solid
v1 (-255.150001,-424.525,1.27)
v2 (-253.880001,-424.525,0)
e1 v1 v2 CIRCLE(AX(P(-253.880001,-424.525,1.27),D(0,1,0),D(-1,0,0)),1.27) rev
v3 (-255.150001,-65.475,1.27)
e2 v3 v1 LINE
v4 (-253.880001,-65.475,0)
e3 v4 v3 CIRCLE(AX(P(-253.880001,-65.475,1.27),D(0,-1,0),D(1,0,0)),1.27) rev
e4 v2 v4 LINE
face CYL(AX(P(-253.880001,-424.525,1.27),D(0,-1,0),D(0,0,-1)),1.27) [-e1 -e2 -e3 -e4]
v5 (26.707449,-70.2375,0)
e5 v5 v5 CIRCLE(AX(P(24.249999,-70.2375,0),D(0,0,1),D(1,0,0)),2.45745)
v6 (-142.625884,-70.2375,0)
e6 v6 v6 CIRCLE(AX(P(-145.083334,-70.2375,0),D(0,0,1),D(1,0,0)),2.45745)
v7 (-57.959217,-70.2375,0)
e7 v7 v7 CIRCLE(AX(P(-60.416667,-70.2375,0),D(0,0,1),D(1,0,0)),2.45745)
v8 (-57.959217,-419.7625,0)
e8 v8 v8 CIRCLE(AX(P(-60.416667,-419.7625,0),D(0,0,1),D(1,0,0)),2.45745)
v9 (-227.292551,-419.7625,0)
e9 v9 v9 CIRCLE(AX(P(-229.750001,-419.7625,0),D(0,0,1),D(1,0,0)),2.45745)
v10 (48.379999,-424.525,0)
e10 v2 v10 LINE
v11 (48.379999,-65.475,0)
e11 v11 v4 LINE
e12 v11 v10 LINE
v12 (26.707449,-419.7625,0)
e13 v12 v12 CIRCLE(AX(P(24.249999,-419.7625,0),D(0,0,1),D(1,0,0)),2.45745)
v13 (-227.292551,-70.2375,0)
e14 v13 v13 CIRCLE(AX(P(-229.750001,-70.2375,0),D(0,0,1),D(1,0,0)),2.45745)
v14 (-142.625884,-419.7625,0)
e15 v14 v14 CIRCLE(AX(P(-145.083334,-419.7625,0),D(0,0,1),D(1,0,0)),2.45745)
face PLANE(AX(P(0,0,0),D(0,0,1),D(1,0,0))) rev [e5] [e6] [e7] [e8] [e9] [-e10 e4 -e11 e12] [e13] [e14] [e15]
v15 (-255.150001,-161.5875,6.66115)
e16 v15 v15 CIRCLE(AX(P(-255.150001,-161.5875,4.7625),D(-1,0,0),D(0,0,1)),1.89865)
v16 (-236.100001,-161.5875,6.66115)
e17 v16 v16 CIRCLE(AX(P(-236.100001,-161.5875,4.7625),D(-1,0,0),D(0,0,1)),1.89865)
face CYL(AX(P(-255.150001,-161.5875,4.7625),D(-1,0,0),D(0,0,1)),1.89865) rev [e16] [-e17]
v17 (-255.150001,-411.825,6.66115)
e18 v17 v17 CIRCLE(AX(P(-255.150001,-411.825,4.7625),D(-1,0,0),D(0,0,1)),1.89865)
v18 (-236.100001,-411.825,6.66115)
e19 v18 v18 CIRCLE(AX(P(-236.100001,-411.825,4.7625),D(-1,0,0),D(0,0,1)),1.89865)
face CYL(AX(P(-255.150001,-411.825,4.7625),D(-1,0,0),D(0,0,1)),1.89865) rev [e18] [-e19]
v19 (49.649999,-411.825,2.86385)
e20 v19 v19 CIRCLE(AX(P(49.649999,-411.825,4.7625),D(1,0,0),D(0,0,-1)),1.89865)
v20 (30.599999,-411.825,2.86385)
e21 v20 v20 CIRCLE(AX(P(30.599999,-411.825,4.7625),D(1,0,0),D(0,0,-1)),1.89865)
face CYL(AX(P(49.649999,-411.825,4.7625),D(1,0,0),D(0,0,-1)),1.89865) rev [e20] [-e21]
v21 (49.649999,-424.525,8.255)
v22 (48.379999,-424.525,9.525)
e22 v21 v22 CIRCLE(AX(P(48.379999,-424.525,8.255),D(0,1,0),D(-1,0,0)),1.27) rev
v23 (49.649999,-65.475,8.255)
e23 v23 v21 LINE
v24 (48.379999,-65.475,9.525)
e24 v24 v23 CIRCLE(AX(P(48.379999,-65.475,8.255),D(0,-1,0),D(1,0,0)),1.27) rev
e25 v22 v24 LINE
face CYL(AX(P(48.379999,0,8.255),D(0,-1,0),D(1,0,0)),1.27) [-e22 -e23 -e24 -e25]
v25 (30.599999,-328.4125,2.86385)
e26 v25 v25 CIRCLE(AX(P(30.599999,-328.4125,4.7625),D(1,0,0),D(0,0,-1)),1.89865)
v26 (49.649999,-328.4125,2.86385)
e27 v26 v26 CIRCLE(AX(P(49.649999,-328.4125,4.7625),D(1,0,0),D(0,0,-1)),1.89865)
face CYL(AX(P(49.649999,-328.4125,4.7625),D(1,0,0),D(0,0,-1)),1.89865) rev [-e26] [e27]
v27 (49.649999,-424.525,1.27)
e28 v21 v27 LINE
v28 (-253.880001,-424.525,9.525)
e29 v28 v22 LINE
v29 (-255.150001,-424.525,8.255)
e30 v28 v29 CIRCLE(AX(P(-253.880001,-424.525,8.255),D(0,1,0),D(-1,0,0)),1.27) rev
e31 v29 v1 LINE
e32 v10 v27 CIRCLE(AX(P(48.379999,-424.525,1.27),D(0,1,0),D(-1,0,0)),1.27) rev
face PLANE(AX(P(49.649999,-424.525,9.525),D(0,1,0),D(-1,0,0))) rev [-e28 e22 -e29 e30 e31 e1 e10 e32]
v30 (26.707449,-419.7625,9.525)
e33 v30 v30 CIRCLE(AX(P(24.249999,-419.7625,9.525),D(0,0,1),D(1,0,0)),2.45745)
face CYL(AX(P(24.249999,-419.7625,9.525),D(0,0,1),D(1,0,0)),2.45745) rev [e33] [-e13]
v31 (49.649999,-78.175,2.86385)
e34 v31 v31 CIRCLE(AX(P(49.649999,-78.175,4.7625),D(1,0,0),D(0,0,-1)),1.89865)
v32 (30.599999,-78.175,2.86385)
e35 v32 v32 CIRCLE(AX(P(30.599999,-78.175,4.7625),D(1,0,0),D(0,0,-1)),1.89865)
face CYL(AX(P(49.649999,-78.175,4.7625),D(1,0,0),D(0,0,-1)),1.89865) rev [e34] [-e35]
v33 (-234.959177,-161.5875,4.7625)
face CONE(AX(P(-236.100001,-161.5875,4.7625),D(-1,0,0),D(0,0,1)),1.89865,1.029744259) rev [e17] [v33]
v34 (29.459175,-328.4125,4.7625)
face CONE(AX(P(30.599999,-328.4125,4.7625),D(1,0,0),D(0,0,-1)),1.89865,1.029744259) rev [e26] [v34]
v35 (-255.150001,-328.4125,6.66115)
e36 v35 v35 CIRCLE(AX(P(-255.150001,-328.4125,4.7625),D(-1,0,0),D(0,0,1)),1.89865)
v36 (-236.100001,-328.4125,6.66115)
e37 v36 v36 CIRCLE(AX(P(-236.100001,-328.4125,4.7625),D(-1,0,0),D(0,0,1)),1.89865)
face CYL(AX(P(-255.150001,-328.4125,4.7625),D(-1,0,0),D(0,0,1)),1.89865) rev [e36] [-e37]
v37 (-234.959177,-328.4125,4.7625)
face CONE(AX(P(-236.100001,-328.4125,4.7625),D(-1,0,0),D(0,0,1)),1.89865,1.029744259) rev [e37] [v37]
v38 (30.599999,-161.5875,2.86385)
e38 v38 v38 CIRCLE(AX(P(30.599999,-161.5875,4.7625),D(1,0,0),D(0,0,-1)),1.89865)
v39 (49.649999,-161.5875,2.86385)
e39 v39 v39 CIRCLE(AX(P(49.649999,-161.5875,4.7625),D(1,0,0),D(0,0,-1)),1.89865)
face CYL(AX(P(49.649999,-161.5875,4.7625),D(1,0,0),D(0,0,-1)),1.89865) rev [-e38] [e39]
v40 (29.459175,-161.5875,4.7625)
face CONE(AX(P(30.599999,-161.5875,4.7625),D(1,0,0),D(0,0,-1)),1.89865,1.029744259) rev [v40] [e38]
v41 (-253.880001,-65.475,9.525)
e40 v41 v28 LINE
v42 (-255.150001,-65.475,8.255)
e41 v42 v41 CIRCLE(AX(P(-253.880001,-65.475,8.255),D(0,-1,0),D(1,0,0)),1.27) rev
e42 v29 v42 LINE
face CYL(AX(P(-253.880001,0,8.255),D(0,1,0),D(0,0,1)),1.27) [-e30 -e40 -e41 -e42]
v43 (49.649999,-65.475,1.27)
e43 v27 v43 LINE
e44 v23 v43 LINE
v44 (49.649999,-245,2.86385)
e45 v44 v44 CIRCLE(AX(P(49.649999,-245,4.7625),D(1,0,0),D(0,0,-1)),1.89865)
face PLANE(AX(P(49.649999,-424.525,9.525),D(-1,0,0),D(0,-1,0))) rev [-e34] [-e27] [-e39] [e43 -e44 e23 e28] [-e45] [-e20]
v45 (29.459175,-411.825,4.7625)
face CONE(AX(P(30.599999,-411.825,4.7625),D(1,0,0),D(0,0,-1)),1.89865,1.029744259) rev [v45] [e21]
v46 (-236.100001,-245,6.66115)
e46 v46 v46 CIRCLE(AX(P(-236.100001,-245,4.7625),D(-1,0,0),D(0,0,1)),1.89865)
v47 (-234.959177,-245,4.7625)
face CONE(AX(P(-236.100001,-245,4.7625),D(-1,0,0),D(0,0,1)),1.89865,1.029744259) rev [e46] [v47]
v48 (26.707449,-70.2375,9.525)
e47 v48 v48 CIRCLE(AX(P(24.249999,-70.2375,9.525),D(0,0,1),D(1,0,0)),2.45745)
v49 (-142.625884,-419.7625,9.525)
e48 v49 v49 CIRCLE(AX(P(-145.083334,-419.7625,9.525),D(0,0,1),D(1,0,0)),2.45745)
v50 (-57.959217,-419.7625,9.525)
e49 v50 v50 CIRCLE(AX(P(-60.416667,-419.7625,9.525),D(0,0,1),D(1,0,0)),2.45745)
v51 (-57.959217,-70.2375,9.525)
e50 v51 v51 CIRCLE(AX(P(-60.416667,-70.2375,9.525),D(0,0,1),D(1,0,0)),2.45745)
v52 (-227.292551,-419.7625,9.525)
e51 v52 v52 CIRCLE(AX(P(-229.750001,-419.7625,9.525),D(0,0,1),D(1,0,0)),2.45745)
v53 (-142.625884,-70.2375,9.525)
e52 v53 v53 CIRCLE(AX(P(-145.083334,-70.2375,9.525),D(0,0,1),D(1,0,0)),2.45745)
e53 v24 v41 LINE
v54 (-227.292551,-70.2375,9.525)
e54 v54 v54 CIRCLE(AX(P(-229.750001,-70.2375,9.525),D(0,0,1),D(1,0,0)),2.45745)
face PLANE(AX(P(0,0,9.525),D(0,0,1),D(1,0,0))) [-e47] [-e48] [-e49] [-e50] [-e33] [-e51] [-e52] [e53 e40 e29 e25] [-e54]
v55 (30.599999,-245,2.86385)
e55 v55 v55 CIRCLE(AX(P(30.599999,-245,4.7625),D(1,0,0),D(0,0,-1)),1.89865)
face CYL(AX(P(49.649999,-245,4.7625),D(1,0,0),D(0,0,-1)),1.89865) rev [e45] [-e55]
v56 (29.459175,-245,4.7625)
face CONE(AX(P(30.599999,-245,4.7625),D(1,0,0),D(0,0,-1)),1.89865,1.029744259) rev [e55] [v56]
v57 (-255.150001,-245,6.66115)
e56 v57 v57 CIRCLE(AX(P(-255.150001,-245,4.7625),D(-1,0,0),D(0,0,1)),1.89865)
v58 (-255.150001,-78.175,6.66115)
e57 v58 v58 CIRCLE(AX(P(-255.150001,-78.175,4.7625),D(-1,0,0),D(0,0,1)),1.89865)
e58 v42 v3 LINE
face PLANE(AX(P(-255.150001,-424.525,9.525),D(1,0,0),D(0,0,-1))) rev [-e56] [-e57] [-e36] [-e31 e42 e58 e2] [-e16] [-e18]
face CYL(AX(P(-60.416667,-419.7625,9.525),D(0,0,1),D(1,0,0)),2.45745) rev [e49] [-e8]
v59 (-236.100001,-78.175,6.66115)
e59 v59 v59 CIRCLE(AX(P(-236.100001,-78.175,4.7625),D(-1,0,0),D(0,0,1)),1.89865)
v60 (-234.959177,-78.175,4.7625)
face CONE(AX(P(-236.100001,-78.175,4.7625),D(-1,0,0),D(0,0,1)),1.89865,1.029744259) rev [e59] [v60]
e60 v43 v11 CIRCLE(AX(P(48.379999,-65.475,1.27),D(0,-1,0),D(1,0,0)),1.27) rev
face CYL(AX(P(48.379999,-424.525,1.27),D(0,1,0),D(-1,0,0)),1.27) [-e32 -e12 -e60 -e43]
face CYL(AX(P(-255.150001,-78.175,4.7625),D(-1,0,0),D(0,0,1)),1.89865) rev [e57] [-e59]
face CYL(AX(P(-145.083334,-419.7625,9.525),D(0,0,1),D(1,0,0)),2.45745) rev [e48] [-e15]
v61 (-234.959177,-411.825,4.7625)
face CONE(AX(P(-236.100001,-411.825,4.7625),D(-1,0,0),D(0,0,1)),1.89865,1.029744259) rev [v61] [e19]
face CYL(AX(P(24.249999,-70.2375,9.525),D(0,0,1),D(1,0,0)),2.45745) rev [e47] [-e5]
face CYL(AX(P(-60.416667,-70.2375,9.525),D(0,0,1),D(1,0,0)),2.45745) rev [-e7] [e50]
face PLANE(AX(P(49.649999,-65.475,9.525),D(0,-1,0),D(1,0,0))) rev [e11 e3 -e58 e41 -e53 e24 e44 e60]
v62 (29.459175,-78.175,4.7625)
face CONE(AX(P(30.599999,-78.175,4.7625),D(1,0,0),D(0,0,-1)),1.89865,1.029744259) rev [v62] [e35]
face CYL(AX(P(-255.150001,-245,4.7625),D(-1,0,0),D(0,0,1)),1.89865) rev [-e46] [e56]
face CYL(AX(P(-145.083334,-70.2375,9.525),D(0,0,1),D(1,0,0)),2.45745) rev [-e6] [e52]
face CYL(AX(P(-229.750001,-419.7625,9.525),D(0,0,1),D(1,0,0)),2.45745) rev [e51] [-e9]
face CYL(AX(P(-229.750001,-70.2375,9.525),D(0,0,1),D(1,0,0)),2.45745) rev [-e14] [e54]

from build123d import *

# Parameters (mm, degrees)
SKETCH1_W                       = 304.8
SKETCH1_H                       = 359.05
BOSS_EXTRUDE1_DEPTH             = 9.525
F_10_24_TAPPED_HOLE1_AT_2_COUNT = 2
F_10_24_TAPPED_HOLE1_AT_2_PITCH = 83.4125
F_10_24_TAPPED_HOLE1_AT_3_COUNT = 2
F_10_24_TAPPED_HOLE1_AT_3_PITCH = 166.825
F_10_24_TAPPED_HOLE1_AT_4_COUNT = 2
F_10_24_TAPPED_HOLE1_AT_4_PITCH = 250.2375
F_10_24_TAPPED_HOLE1_AT_5_COUNT = 2
F_10_24_TAPPED_HOLE1_AT_5_PITCH = 333.65
F_10_0_1935_DIAMETER_HOLE2_D    = 4.9149
FILLET2_R                       = 1.27


with BuildPart() as part:
    # Sketch1 → Boss-Extrude1 (new body)
    with BuildSketch(Plane.XY):
        with Locations((-102.750000669, -245)):
            Rectangle(SKETCH1_W, SKETCH1_H)
    extrude(amount=BOSS_EXTRUDE1_DEPTH)

    # Sketch3 → #10-24 Tapped Hole1 (revolve, cut)
    with BuildSketch(Plane(origin=(49.649999331, -411.825, 4.7625), x_dir=(0, 0, -1), z_dir=(0, 1, 0))):
        Polygon((0, 0), (0, 20.190824014), (1.89865, 19.05), (1.89865, 0), align=None)
    f_10_24_tapped_hole1 = revolve(axis=Axis((55.999999331, -411.825, 4.7625), (-1, 0, 0)), mode=Mode.SUBTRACT)

    # #10-24 Tapped Hole1 at 2: #10-24 Tapped Hole1 ×2
    with Locations(*[(0, i * F_10_24_TAPPED_HOLE1_AT_2_PITCH, 0) for i in range(1, F_10_24_TAPPED_HOLE1_AT_2_COUNT)]):
        add(f_10_24_tapped_hole1, mode=Mode.SUBTRACT)

    # #10-24 Tapped Hole1 at 3: #10-24 Tapped Hole1 ×2
    with Locations(*[(0, i * F_10_24_TAPPED_HOLE1_AT_3_PITCH, 0) for i in range(1, F_10_24_TAPPED_HOLE1_AT_3_COUNT)]):
        add(f_10_24_tapped_hole1, mode=Mode.SUBTRACT)

    # #10-24 Tapped Hole1 at 4: #10-24 Tapped Hole1 ×2
    with Locations(*[(0, i * F_10_24_TAPPED_HOLE1_AT_4_PITCH, 0) for i in range(1, F_10_24_TAPPED_HOLE1_AT_4_COUNT)]):
        add(f_10_24_tapped_hole1, mode=Mode.SUBTRACT)

    # #10-24 Tapped Hole1 at 5: #10-24 Tapped Hole1 ×2
    with Locations(*[(0, i * F_10_24_TAPPED_HOLE1_AT_5_PITCH, 0) for i in range(1, F_10_24_TAPPED_HOLE1_AT_5_COUNT)]):
        add(f_10_24_tapped_hole1, mode=Mode.SUBTRACT)

    # #10 (0.1935) Diameter Hole2 (through all)
    with Locations(Plane.XY.offset(9.525)):
        with Locations((-229.750000669, -70.2375), (-145.083334002, -70.2375), (-60.416667336, -70.2375), (24.249999331, -70.2375), (-229.750000669, -419.7625), (-145.083334002, -419.7625), (-60.416667336, -419.7625), (24.249999331, -419.7625)):
            Hole(F_10_0_1935_DIAMETER_HOLE2_D / 2)

    # Mirror1: #10-24 Tapped Hole1 across plane
    add(f_10_24_tapped_hole1.mirror(Plane(origin=(-102.750000669, 0, 0), x_dir=(0, 0, 1), z_dir=(1, 0, 0))), mode=Mode.SUBTRACT)

    # Mirror1 copy 1 sketch → Mirror1 copy 1 (revolve, cut)
    with BuildSketch(Plane(origin=(-255.150000669, -328.4125, 4.7625), x_dir=(0, 0, -1), z_dir=(0, 1, 0))):
        Polygon((0, 0), (0, -20.190824014), (1.89865, -19.05), (1.89865, 0), align=None)
    revolve(axis=Axis((-261.500000669, -328.4125, 4.7625), (-1, 0, 0)), mode=Mode.SUBTRACT)

    # Mirror1 copy 2 sketch → Mirror1 copy 2 (revolve, cut)
    with BuildSketch(Plane(origin=(-255.150000669, -245, 4.7625), x_dir=(0, 0, -1), z_dir=(0, 1, 0))):
        Polygon((0, 0), (0, -20.190824014), (1.89865, -19.05), (1.89865, 0), align=None)
    revolve(axis=Axis((-261.500000669, -245, 4.7625), (-1, 0, 0)), mode=Mode.SUBTRACT)

    # Mirror1 copy 3 sketch → Mirror1 copy 3 (revolve, cut)
    with BuildSketch(Plane(origin=(-255.150000669, -161.5875, 4.7625), x_dir=(0, 0, -1), z_dir=(0, 1, 0))):
        Polygon((0, 0), (0, -20.190824014), (1.89865, -19.05), (1.89865, 0), align=None)
    revolve(axis=Axis((-261.500000669, -161.5875, 4.7625), (-1, 0, 0)), mode=Mode.SUBTRACT)

    # Mirror1 copy 4 sketch → Mirror1 copy 4 (revolve, cut)
    with BuildSketch(Plane(origin=(-255.150000669, -78.175, 4.7625), x_dir=(0, 0, -1), z_dir=(0, 1, 0))):
        Polygon((0, 0), (0, -20.190824014), (1.89865, -19.05), (1.89865, 0), align=None)
    revolve(axis=Axis((-261.500000669, -78.175, 4.7625), (-1, 0, 0)), mode=Mode.SUBTRACT)

    # Fillet2
    fillet2_edges = [part.edges().sort_by_distance(p)[0] for p in [
        (-255.150000669, -245, 9.525),
        (49.649999331, -245, 9.525),
        (-255.150000669, -245, 0),
        (49.649999331, -245, 0),
    ]]
    fillet(fillet2_edges, radius=FILLET2_R)


solid = part.part
